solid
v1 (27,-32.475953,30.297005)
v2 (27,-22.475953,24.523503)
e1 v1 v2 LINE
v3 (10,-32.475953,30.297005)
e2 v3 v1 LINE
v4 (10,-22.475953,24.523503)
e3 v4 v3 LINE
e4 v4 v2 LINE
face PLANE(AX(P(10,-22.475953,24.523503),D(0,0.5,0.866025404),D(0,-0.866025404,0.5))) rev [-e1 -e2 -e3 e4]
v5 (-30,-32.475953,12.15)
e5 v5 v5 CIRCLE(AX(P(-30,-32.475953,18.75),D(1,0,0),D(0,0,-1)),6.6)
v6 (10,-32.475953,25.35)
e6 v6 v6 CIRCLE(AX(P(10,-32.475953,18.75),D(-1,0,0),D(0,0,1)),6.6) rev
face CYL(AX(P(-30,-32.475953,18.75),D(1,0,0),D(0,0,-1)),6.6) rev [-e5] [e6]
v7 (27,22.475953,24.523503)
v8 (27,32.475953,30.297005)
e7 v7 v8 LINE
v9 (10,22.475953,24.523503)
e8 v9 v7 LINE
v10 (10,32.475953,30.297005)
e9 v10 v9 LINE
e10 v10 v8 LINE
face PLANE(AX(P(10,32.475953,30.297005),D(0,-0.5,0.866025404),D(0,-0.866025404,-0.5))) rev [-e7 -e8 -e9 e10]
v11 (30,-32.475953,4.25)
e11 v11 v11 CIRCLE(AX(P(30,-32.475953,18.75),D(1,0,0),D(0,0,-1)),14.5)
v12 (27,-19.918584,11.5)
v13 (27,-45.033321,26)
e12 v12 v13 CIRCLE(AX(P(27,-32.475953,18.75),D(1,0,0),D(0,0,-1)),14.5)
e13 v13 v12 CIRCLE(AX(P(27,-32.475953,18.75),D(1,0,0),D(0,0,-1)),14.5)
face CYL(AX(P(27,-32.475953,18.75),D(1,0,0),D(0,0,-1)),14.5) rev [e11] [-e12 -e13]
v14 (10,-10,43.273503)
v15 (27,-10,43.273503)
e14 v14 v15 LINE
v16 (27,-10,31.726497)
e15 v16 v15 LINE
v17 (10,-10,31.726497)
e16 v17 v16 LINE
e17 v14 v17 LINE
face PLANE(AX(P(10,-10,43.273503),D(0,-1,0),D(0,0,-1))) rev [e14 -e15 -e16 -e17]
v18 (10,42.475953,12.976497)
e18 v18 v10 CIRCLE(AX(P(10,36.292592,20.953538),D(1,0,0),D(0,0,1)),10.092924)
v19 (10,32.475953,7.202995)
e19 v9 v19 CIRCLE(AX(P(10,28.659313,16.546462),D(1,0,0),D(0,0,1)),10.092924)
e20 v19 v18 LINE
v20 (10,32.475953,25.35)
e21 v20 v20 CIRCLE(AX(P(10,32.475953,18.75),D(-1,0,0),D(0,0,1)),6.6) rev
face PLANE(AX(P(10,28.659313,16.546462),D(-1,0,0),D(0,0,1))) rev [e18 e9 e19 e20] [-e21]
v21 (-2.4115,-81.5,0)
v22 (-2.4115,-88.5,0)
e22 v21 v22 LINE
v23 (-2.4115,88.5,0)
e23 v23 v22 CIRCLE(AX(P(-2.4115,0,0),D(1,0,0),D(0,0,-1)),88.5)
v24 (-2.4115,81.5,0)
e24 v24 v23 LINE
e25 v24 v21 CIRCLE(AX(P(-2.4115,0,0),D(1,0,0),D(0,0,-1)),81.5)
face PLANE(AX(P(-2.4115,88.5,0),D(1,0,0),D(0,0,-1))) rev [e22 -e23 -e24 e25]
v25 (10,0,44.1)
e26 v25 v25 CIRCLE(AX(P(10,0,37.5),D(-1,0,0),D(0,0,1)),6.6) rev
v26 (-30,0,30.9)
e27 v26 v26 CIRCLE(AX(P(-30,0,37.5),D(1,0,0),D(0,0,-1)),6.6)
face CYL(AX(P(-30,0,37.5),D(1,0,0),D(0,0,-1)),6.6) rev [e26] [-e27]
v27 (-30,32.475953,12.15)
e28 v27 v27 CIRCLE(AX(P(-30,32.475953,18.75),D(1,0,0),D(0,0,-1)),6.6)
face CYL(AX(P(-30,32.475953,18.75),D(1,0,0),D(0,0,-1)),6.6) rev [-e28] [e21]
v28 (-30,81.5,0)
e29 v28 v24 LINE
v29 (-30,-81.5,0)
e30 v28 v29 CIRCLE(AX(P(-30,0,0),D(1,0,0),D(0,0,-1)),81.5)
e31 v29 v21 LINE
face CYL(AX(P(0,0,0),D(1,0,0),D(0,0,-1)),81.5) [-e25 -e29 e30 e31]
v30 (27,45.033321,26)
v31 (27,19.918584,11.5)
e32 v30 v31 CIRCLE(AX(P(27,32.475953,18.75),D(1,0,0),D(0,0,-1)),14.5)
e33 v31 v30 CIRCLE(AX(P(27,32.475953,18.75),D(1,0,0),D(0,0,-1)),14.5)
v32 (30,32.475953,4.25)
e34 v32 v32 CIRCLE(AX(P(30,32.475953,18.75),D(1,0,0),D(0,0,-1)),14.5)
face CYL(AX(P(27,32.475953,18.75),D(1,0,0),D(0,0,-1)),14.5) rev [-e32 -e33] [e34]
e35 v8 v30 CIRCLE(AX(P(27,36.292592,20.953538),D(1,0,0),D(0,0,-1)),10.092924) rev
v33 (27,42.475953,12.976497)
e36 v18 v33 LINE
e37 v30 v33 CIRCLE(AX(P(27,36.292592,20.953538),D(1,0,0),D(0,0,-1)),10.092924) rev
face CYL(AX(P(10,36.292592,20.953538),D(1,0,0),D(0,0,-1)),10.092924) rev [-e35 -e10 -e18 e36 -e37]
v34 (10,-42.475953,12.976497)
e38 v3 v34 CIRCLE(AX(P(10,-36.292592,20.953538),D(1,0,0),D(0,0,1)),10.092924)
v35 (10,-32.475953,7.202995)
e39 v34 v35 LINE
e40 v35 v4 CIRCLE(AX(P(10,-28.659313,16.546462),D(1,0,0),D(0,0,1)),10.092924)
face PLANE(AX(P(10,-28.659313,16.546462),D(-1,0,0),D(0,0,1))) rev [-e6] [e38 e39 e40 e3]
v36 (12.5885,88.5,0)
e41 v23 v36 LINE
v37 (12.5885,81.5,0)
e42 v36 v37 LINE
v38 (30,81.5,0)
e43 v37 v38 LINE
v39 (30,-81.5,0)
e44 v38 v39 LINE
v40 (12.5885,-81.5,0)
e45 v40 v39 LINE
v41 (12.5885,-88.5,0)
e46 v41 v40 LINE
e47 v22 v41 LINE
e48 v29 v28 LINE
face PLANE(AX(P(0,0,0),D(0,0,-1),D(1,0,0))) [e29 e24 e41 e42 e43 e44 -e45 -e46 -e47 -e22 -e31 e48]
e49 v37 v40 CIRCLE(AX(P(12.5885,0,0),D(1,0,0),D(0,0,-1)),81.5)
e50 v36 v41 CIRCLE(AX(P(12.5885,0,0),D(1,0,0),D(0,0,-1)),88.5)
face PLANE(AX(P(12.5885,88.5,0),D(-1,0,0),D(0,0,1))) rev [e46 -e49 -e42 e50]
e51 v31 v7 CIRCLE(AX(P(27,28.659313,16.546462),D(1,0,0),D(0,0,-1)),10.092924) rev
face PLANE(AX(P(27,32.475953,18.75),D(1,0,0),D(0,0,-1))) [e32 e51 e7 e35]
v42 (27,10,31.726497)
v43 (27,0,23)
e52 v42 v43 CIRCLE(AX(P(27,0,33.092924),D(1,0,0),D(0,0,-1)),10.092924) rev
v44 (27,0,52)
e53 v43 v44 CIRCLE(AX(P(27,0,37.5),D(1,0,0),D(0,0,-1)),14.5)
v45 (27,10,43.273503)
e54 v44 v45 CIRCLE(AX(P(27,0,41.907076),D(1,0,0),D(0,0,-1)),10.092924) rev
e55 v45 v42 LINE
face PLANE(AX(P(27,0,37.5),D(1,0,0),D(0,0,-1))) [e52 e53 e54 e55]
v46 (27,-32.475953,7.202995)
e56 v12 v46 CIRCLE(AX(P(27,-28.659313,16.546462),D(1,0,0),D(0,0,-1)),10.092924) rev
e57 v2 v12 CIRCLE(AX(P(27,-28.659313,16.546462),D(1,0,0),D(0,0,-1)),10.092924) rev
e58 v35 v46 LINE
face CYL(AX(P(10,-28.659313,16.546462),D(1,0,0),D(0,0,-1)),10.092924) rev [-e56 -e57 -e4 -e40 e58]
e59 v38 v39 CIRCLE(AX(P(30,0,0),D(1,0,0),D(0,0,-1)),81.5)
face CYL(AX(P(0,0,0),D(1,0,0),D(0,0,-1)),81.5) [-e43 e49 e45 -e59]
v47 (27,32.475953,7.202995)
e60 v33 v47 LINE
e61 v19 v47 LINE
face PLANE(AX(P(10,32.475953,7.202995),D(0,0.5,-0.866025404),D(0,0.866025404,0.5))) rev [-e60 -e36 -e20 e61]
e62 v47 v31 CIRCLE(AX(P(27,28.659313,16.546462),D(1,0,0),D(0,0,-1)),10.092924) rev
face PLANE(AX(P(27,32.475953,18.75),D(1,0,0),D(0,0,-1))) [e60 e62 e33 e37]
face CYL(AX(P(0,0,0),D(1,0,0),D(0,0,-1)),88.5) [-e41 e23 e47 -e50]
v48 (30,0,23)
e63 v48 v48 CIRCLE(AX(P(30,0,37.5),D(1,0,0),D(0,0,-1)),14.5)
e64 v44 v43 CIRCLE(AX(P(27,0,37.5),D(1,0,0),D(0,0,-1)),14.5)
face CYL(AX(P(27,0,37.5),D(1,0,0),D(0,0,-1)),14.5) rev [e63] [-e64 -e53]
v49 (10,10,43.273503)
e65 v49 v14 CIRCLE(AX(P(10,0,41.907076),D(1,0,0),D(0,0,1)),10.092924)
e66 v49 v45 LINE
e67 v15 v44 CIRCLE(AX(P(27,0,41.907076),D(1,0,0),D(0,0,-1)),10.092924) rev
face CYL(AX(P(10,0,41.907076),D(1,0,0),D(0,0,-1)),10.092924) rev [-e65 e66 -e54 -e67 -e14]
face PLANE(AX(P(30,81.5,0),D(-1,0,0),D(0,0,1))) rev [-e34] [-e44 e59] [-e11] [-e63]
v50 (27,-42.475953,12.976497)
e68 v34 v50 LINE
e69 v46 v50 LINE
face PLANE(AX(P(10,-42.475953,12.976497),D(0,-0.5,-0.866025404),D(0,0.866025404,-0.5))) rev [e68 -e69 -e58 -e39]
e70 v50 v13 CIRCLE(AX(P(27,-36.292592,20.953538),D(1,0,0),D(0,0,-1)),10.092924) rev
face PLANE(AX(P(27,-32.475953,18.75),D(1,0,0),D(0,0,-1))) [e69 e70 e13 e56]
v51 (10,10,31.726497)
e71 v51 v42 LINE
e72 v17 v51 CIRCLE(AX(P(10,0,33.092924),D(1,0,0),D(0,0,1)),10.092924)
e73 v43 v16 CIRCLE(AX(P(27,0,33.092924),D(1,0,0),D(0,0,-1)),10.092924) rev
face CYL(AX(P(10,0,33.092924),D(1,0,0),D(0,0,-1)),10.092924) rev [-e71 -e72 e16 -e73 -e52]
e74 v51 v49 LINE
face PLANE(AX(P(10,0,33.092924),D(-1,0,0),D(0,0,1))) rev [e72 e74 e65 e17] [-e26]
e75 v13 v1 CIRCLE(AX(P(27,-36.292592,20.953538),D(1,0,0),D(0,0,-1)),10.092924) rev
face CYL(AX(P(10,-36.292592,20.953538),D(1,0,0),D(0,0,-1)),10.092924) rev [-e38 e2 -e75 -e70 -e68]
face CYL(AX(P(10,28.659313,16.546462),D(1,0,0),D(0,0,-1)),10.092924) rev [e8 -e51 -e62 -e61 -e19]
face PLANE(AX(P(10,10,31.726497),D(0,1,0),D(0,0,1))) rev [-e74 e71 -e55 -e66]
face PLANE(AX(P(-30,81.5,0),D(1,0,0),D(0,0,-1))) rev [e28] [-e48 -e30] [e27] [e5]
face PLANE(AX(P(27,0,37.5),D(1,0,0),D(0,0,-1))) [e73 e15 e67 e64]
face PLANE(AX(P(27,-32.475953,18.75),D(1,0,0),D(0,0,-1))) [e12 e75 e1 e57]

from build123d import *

# Parameters (mm, degrees)
REVOLVE_1_ANGLE     = 180
SKETCH_2_R          = 6.6
CUT_EXTRUDE_1_DEPTH = 139.796613792
CUT_EXTRUDE_2_DEPTH = 20
SKETCH_6_R          = 14.5
CUT_EXTRUDE_3_DEPTH = 3


with BuildPart() as part:
    # Эскиз1 → Повернуть1 (revolve)
    with BuildSketch(Plane.XY):
        Polygon((12.5885, -88.5), (-2.4115, -88.5), (-2.4115, -81.5), (-30, -81.5), (-30, 0), (30, 0), (30, -81.5), (12.5885, -81.5), align=None)
    revolve(axis=Axis((0, 0, 0), (-1, 0, 0)), revolution_arc=REVOLVE_1_ANGLE)

    # Эскиз2 → Вырез-Вытянуть1 (cut, through all)
    with BuildSketch(Plane(origin=(30, 0, 0), x_dir=(0, 0, -1), z_dir=(1, 0, 0))):
        with Locations((-37.5, 0)):
            Circle(SKETCH_2_R)
        with Locations((-18.75, 32.475952642)):
            Circle(SKETCH_2_R)
        with Locations((18.75, 32.475952642)):
            Circle(SKETCH_2_R)
        with Locations((37.5, 0)):
            Circle(SKETCH_2_R)
        with Locations((18.75, -32.475952642)):
            Circle(SKETCH_2_R)
        with Locations((-18.75, -32.475952642)):
            Circle(SKETCH_2_R)
    extrude(amount=-CUT_EXTRUDE_1_DEPTH, mode=Mode.SUBTRACT)

    # Эскиз5 → Вырез-Вытянуть2 (cut)
    with BuildSketch(Plane(origin=(30, 0, 0), x_dir=(0, 0, -1), z_dir=(1, 0, 0))):
        with BuildLine():
            Line((-7.202994616, 32.475952642), (-12.976497308, 42.475952642))
            ThreePointArc((-12.976497308, 42.475952642), (-26, 45.033320997), (-30.297005384, 32.475952642))
            Line((-30.297005384, 32.475952642), (-24.523502692, 22.475952642))
            ThreePointArc((-24.523502692, 22.475952642), (-11.5, 19.918584287), (-7.202994616, 32.475952642))
        make_face()
        with BuildLine():
            Line((24.523502692, 22.475952642), (30.297005384, 32.475952642))
            ThreePointArc((30.297005384, 32.475952642), (26, 45.033320997), (12.976497308, 42.475952642))
            Line((12.976497308, 42.475952642), (7.202994616, 32.475952642))
            ThreePointArc((7.202994616, 32.475952642), (11.5, 19.918584287), (24.523502692, 22.475952642))
        make_face()
        with BuildLine():
            Line((31.726497308, -10), (43.273502692, -10))
            ThreePointArc((43.273502692, -10), (52, 0), (43.273502692, 10))
            Line((43.273502692, 10), (31.726497308, 10))
            ThreePointArc((31.726497308, 10), (23, 0), (31.726497308, -10))
        make_face()
        with BuildLine():
            Line((7.202994616, -32.475952642), (12.976497308, -42.475952642))
            ThreePointArc((12.976497308, -42.475952642), (26, -45.033320997), (30.297005384, -32.475952642))
            Line((30.297005384, -32.475952642), (24.523502692, -22.475952642))
            ThreePointArc((24.523502692, -22.475952642), (11.5, -19.918584287), (7.202994616, -32.475952642))
        make_face()
        with BuildLine():
            Line((-24.523502692, -22.475952642), (-30.297005384, -32.475952642))
            ThreePointArc((-30.297005384, -32.475952642), (-26, -45.033320997), (-12.976497308, -42.475952642))
            Line((-12.976497308, -42.475952642), (-7.202994616, -32.475952642))
            ThreePointArc((-7.202994616, -32.475952642), (-11.5, -19.918584287), (-24.523502692, -22.475952642))
        make_face()
        with BuildLine():
            Line((-31.726497308, 10), (-43.273502692, 10))
            ThreePointArc((-43.273502692, 10), (-52, 0), (-43.273502692, -10))
            Line((-43.273502692, -10), (-31.726497308, -10))
            ThreePointArc((-31.726497308, -10), (-23, 0), (-31.726497308, 10))
        make_face()
    extrude(amount=-CUT_EXTRUDE_2_DEPTH, mode=Mode.SUBTRACT)

    # Эскиз6 → Вырез-Вытянуть3 (cut)
    with BuildSketch(Plane(origin=(30, 0, 0), x_dir=(0, 0, -1), z_dir=(1, 0, 0))):
        with Locations((-37.5, 0)):
            Circle(SKETCH_6_R)
        with Locations((-18.75, -32.475952642)):
            Circle(SKETCH_6_R)
        with Locations((-18.75, 32.475952642)):
            Circle(SKETCH_6_R)
    extrude(amount=-CUT_EXTRUDE_3_DEPTH, mode=Mode.SUBTRACT)


solid = part.part
